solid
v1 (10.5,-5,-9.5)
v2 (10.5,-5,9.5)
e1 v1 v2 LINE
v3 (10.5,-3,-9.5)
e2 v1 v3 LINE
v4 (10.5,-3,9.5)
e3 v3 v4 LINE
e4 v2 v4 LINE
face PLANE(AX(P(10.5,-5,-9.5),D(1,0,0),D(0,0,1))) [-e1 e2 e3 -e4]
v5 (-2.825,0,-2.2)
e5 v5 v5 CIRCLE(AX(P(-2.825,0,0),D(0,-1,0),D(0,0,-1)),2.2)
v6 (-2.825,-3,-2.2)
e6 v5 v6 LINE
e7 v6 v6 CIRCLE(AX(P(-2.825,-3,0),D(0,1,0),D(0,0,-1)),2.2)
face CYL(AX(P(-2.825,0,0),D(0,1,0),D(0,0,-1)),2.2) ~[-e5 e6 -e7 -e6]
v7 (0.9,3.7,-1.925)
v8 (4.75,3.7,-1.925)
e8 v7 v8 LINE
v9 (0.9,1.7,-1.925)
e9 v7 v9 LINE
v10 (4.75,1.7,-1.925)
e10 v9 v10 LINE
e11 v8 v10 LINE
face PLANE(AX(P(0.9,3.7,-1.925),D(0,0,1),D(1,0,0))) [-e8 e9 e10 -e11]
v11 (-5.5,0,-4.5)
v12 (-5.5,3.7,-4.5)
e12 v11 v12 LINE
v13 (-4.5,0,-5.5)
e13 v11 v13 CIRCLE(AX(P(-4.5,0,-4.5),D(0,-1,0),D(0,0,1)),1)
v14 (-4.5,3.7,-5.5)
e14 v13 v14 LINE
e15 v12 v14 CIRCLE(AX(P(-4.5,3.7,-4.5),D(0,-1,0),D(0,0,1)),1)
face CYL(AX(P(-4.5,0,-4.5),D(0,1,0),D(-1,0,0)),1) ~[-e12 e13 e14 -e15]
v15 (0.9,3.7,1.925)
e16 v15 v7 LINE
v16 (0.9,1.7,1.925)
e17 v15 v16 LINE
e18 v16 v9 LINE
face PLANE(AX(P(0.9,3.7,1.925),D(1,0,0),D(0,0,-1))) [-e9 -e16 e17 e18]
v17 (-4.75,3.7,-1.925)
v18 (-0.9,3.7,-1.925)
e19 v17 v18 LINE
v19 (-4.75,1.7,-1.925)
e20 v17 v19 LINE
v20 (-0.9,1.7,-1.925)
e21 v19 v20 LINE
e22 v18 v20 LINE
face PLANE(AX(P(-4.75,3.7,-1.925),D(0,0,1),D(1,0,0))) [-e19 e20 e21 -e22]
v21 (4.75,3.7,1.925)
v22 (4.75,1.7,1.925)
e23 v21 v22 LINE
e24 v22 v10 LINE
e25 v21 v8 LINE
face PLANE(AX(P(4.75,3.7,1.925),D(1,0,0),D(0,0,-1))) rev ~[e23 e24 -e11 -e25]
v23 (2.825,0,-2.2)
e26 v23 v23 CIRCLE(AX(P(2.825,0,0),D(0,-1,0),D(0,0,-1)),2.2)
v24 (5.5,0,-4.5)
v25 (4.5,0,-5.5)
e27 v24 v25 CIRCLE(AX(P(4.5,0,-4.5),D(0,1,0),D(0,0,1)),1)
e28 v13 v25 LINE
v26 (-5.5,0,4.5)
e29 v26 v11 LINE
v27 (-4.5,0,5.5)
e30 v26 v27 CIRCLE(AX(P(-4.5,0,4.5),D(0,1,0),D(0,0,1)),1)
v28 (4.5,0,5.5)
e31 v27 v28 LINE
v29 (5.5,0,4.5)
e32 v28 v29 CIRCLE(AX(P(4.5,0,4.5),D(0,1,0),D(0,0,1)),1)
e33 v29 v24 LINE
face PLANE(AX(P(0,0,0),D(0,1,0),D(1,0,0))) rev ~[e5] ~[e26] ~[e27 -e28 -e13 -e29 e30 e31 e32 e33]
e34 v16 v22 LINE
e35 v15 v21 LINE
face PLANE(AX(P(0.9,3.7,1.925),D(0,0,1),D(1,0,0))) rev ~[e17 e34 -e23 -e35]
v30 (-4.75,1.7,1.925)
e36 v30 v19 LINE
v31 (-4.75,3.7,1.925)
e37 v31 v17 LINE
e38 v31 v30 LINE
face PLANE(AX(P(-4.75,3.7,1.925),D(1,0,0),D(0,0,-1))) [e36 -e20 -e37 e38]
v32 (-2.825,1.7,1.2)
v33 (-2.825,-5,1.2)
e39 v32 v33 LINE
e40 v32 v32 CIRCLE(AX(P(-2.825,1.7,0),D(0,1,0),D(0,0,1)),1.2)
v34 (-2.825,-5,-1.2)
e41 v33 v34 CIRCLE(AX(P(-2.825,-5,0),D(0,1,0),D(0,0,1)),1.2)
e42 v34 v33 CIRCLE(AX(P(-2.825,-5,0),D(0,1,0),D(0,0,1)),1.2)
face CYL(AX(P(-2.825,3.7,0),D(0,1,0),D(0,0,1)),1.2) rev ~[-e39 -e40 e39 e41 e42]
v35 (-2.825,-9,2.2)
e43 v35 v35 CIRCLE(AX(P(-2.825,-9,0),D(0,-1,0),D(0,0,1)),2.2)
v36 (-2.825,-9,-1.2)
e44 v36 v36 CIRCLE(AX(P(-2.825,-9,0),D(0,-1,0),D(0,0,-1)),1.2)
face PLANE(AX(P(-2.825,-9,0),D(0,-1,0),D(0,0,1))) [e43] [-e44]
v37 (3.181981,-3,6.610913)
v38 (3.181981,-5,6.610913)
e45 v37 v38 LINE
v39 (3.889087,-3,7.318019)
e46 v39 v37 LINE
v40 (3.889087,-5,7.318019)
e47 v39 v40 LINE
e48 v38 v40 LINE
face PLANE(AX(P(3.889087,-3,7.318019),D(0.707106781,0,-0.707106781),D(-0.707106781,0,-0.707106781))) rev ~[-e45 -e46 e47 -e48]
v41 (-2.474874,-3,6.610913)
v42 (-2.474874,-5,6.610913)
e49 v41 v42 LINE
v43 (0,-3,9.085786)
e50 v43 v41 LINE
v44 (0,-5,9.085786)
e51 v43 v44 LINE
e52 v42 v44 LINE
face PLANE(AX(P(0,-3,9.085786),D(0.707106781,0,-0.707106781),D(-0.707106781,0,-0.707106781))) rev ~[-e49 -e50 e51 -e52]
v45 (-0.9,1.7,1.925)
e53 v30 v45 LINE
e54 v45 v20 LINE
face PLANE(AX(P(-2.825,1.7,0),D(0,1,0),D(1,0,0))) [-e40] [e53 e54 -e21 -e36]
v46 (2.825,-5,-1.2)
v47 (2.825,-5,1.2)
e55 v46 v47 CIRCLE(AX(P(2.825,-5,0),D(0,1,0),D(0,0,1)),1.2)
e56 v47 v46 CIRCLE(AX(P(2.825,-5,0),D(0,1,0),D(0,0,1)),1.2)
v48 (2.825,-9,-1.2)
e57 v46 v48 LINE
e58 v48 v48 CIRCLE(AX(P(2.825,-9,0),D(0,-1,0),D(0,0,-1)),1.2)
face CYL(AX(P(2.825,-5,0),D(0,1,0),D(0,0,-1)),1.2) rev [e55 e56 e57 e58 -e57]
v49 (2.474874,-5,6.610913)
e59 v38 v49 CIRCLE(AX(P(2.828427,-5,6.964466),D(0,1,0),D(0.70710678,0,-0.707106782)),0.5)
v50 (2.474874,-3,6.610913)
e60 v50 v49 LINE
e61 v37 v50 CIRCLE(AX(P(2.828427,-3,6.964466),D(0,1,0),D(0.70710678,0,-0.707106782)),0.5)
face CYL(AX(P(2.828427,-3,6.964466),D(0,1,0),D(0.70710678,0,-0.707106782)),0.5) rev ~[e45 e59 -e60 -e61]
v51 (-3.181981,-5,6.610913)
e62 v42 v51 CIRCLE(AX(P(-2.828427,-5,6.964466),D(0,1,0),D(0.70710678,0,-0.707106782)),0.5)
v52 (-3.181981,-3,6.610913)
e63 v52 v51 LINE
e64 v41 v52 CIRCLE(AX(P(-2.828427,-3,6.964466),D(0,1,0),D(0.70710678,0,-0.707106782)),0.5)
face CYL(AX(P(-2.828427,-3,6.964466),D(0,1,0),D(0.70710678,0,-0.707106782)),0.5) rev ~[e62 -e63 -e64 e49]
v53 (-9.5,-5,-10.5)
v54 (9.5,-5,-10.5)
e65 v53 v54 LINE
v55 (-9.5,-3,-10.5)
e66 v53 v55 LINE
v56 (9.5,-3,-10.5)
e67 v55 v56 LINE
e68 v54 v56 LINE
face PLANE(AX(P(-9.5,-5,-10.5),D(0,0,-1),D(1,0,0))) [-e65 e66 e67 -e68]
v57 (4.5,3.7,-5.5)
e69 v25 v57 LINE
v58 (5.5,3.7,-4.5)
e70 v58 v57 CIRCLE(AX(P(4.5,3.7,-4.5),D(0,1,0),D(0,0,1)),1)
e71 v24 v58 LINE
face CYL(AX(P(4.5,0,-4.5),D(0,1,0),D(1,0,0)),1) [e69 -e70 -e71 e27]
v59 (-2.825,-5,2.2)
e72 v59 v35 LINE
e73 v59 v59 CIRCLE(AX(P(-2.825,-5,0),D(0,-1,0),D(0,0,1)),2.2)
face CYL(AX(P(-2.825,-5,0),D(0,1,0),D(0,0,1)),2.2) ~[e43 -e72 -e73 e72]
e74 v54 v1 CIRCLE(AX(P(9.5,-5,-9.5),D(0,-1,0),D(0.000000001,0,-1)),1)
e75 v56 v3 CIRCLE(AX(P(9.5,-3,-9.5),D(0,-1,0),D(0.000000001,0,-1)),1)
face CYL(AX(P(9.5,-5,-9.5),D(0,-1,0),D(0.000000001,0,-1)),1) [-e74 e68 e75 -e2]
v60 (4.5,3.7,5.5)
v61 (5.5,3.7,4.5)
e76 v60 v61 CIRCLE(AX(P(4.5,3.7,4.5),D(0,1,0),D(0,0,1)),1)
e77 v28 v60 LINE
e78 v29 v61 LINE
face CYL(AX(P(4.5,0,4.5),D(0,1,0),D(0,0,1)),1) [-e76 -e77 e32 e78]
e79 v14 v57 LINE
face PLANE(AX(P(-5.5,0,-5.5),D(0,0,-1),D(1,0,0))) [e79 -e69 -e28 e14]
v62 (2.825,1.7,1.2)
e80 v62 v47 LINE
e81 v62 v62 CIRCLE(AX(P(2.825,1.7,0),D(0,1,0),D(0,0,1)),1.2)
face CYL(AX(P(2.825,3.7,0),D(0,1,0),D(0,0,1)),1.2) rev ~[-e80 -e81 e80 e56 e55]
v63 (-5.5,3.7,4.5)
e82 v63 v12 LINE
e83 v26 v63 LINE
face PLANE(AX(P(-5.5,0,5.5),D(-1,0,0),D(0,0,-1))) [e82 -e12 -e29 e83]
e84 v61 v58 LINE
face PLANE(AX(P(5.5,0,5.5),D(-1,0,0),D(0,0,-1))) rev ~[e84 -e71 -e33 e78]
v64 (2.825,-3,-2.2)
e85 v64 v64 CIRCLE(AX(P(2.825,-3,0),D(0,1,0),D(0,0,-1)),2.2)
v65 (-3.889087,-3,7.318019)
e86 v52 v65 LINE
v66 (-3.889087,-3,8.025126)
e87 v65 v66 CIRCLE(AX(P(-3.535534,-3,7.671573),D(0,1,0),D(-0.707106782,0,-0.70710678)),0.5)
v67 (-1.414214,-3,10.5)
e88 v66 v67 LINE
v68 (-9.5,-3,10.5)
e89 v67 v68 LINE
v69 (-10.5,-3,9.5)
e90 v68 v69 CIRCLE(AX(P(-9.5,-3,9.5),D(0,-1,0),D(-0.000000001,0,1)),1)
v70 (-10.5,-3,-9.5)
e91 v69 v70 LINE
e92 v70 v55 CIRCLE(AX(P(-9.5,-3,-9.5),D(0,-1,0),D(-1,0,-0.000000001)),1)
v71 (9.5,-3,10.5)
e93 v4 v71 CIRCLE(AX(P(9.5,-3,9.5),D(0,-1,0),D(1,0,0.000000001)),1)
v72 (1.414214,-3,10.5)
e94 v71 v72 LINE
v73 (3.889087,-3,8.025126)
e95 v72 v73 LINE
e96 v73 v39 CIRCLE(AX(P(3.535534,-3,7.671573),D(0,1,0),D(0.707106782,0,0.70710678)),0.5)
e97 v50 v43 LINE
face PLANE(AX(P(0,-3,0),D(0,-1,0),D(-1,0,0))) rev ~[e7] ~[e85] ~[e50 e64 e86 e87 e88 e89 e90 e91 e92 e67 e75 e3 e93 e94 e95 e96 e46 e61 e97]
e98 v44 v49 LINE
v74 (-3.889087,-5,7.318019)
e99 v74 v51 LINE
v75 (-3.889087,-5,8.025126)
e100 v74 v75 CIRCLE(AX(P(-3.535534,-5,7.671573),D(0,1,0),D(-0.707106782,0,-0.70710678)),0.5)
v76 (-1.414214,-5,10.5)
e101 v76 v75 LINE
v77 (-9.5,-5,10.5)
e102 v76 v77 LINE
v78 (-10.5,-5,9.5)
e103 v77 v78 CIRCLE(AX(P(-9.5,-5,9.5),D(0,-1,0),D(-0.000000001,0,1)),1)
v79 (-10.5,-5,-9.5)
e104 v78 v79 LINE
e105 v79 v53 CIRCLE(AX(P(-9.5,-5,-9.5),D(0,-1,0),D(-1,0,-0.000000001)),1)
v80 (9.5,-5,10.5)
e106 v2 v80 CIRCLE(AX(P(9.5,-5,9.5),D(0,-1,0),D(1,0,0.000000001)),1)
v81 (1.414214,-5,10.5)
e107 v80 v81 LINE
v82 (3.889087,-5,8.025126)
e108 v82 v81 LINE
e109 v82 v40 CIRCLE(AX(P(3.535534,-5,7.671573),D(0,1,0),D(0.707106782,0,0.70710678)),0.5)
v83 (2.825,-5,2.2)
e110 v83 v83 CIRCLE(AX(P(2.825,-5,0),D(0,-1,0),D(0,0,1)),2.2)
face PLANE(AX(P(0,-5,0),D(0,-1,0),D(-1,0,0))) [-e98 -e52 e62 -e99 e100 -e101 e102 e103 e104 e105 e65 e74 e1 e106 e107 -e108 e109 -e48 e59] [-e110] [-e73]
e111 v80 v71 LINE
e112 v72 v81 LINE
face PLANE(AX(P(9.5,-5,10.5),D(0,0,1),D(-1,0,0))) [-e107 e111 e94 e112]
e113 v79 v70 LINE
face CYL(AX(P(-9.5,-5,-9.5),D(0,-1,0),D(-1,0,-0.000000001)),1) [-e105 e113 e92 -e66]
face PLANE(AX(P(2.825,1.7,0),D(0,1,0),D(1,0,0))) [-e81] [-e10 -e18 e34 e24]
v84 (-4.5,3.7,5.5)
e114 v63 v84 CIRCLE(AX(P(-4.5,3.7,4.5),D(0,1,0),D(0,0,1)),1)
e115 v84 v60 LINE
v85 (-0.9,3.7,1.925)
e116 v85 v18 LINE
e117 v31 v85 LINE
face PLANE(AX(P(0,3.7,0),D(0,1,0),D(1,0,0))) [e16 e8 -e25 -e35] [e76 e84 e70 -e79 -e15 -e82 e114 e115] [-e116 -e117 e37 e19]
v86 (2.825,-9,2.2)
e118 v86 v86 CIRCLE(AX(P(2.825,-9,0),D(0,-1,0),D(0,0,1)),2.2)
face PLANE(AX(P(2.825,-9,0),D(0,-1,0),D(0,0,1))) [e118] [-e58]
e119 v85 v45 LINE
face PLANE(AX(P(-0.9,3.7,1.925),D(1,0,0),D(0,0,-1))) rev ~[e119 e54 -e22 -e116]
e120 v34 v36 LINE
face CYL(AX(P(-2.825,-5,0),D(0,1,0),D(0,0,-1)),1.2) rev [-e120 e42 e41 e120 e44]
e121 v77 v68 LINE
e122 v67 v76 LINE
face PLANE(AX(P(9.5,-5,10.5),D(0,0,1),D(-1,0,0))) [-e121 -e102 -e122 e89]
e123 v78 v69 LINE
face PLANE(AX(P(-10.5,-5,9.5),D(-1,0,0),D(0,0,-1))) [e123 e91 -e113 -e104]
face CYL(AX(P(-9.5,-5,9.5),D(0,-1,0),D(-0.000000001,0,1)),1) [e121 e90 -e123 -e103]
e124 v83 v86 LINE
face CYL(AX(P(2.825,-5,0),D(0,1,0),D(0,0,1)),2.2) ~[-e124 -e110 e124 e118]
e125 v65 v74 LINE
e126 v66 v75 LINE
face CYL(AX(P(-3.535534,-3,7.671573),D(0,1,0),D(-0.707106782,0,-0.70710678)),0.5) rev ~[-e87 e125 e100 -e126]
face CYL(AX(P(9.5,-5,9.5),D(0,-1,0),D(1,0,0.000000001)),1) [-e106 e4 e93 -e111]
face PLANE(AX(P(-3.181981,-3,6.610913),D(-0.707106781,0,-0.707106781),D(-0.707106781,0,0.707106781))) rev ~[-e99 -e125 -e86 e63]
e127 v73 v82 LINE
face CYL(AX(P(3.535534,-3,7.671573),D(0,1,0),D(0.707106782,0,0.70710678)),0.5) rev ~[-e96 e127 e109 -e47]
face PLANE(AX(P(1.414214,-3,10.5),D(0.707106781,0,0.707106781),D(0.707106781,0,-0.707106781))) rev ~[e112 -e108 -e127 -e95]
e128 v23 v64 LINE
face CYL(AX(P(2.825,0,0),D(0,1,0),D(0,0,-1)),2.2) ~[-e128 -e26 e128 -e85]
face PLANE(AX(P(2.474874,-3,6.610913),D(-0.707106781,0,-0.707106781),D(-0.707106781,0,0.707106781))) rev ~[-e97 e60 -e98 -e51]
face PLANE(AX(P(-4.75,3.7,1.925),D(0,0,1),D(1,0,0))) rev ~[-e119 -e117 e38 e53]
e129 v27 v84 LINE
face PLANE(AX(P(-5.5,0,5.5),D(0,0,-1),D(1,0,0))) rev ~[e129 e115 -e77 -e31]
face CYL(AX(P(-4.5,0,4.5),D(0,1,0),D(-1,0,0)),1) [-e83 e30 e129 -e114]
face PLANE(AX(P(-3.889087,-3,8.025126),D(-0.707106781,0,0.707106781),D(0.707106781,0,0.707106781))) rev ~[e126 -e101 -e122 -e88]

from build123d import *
from build123d.topology import SkipClean

# Parameters (mm, degrees)
SKETCH1_W           = 11
SKETCH1_H           = 11
BOSS_EXTRUDE1_DEPTH = 3.7
FILLET1_R           = 1
SKETCH2_W           = 3.85
SKETCH2_H           = 3.85
CUT_EXTRUDE1_DEPTH  = 2
SKETCH4_R           = 2.2
BOSS_EXTRUDE2_DEPTH = 5
BOSS_EXTRUDE3_DEPTH = 2
SKETCH3_R           = 1.2
CUT_EXTRUDE2_DEPTH  = 18.210171411
CUT_EXTRUDE3_DEPTH  = 17.290794947
SKETCH8_R           = 2.2
SKETCH8_R_2         = 1.2
BOSS_EXTRUDE4_DEPTH = 4


with BuildPart() as part:
    # Sketch1 → Boss-Extrude1 (new body)
    with BuildSketch(Plane(origin=(0, 0, 0), x_dir=(1, 0, 0), z_dir=(0, 1, 0))):
        Rectangle(SKETCH1_W, SKETCH1_H)
    extrude(amount=BOSS_EXTRUDE1_DEPTH)

    # Fillet1
    fillet1_edges = [part.edges().sort_by_distance(p)[0] for p in [
        (5.5, 1.85, 5.5),
        (-5.5, 1.85, 5.5),
        (-5.5, 1.85, -5.5),
        (5.5, 1.85, -5.5),
    ]]
    fillet(fillet1_edges, radius=FILLET1_R)

    # Sketch2 → Cut-Extrude1 (cut)
    with BuildSketch(Plane(origin=(0, 3.7, 0), x_dir=(1, 0, 0), z_dir=(0, 1, 0))):
        with Locations((-2.825, 0)):
            Rectangle(SKETCH2_W, SKETCH2_H)
        with Locations((2.825, 0)):
            Rectangle(SKETCH2_W, SKETCH2_H)
    extrude(amount=-CUT_EXTRUDE1_DEPTH, mode=Mode.SUBTRACT)

    # Sketch4 → Boss-Extrude2 (add)
    with BuildSketch(Plane(origin=(0, 0, 0), x_dir=(-1, 0, 0), z_dir=(0, -1, 0))):
        with Locations(Location((2.825, 0, 0), (0, 0, 90))):
            Circle(SKETCH4_R)
        with Locations(Location((-2.825, 0, 0), (0, 0, 90))):
            Circle(SKETCH4_R)
    extrude(amount=BOSS_EXTRUDE2_DEPTH)

    # Sketch5 → Boss-Extrude3 (add)
    with BuildSketch(Plane(origin=(0, -5, 0), x_dir=(-1, 0, 0), z_dir=(0, -1, 0))):
        with BuildLine():
            Line((9.5, 10.5), (-9.5, 10.5))
            ThreePointArc((-9.5, 10.5), (-10.207106781, 10.207106781), (-10.5, 9.5))
            Line((-10.5, 9.5), (-10.5, -9.5))
            ThreePointArc((-10.5, -9.5), (-10.207106781, -10.207106781), (-9.5, -10.5))
            Line((-9.5, -10.5), (9.5, -10.5))
            ThreePointArc((9.5, -10.5), (10.207106781, -10.207106781), (10.5, -9.5))
            Line((10.5, -9.5), (10.5, 9.5))
            ThreePointArc((10.5, 9.5), (10.207106781, 10.207106781), (9.5, 10.5))
        make_face()
    extrude(amount=-BOSS_EXTRUDE3_DEPTH)

    # Sketch3 → Cut-Extrude2 (cut, through all)
    with BuildSketch(Plane(origin=(0, 3.7, 0), x_dir=(1, 0, 0), z_dir=(0, 1, 0))):
        with Locations(Location((-2.825, 0, 0), (0, 0, 270))):
            Circle(SKETCH3_R)
        with Locations(Location((2.825, 0, 0), (0, 0, 270))):
            Circle(SKETCH3_R)
    extrude(amount=-CUT_EXTRUDE2_DEPTH, mode=Mode.SUBTRACT)

    # Sketch7 → Cut-Extrude3 (cut, through all)
    with BuildSketch(Plane(origin=(0, -3, 0), x_dir=(1, 0, 0), z_dir=(0, 1, 0))):
        with BuildLine():
            Line((0, -9.085786438), (1.414213562, -10.5))
            Line((1.414213562, -10.5), (3.889087297, -8.025126266))
            ThreePointArc((3.889087297, -8.025126266), (4.035533906, -7.671572875), (3.889087297, -7.318019485))
            Line((3.889087297, -7.318019485), (3.181980515, -6.610912703))
            ThreePointArc((3.181980515, -6.610912703), (2.828427125, -6.464466094), (2.474873734, -6.610912703))
            Line((2.474873734, -6.610912703), (0, -9.085786438))
        make_face()
        with BuildLine():
            Line((-3.889087297, -8.025126266), (-1.414213562, -10.5))
            Line((-1.414213562, -10.5), (0, -9.085786438))
            Line((0, -9.085786438), (-2.474873734, -6.610912703))
            ThreePointArc((-2.474873734, -6.610912703), (-2.828427125, -6.464466094), (-3.181980515, -6.610912703))
            Line((-3.181980515, -6.610912703), (-3.889087297, -7.318019485))
            ThreePointArc((-3.889087297, -7.318019485), (-4.035533906, -7.671572875), (-3.889087297, -8.025126266))
        make_face()
        Polygon((-1.414213562, -10.5), (1.414213562, -10.5), (0, -9.085786438), align=None)
    extrude(amount=-CUT_EXTRUDE3_DEPTH, mode=Mode.SUBTRACT)

    # Sketch8 → Boss-Extrude4 (add)
    # profile 1 of 2: a face of its own
    with SkipClean():  # the faces are left unmerged after this step: merging them gives an invalid solid
        with BuildSketch(Plane.XZ.offset(5)):
            with Locations(Location((-2.825, 0, 0), (0, 0, 90))):
                Circle(SKETCH8_R)
            with Locations(Location((-2.825, 0, 0), (0, 0, 270))):
                Circle(SKETCH8_R_2, mode=Mode.SUBTRACT)
        # profile 2 of 2: a face of its own
        with BuildSketch(Plane.XZ.offset(5)):
            with Locations(Location((2.825, 0, 0), (0, 0, 90))):
                Circle(SKETCH8_R)
            with Locations(Location((2.825, 0, 0), (0, 0, 270))):
                Circle(SKETCH8_R_2, mode=Mode.SUBTRACT)
        extrude(amount=BOSS_EXTRUDE4_DEPTH)


solid = part.part
